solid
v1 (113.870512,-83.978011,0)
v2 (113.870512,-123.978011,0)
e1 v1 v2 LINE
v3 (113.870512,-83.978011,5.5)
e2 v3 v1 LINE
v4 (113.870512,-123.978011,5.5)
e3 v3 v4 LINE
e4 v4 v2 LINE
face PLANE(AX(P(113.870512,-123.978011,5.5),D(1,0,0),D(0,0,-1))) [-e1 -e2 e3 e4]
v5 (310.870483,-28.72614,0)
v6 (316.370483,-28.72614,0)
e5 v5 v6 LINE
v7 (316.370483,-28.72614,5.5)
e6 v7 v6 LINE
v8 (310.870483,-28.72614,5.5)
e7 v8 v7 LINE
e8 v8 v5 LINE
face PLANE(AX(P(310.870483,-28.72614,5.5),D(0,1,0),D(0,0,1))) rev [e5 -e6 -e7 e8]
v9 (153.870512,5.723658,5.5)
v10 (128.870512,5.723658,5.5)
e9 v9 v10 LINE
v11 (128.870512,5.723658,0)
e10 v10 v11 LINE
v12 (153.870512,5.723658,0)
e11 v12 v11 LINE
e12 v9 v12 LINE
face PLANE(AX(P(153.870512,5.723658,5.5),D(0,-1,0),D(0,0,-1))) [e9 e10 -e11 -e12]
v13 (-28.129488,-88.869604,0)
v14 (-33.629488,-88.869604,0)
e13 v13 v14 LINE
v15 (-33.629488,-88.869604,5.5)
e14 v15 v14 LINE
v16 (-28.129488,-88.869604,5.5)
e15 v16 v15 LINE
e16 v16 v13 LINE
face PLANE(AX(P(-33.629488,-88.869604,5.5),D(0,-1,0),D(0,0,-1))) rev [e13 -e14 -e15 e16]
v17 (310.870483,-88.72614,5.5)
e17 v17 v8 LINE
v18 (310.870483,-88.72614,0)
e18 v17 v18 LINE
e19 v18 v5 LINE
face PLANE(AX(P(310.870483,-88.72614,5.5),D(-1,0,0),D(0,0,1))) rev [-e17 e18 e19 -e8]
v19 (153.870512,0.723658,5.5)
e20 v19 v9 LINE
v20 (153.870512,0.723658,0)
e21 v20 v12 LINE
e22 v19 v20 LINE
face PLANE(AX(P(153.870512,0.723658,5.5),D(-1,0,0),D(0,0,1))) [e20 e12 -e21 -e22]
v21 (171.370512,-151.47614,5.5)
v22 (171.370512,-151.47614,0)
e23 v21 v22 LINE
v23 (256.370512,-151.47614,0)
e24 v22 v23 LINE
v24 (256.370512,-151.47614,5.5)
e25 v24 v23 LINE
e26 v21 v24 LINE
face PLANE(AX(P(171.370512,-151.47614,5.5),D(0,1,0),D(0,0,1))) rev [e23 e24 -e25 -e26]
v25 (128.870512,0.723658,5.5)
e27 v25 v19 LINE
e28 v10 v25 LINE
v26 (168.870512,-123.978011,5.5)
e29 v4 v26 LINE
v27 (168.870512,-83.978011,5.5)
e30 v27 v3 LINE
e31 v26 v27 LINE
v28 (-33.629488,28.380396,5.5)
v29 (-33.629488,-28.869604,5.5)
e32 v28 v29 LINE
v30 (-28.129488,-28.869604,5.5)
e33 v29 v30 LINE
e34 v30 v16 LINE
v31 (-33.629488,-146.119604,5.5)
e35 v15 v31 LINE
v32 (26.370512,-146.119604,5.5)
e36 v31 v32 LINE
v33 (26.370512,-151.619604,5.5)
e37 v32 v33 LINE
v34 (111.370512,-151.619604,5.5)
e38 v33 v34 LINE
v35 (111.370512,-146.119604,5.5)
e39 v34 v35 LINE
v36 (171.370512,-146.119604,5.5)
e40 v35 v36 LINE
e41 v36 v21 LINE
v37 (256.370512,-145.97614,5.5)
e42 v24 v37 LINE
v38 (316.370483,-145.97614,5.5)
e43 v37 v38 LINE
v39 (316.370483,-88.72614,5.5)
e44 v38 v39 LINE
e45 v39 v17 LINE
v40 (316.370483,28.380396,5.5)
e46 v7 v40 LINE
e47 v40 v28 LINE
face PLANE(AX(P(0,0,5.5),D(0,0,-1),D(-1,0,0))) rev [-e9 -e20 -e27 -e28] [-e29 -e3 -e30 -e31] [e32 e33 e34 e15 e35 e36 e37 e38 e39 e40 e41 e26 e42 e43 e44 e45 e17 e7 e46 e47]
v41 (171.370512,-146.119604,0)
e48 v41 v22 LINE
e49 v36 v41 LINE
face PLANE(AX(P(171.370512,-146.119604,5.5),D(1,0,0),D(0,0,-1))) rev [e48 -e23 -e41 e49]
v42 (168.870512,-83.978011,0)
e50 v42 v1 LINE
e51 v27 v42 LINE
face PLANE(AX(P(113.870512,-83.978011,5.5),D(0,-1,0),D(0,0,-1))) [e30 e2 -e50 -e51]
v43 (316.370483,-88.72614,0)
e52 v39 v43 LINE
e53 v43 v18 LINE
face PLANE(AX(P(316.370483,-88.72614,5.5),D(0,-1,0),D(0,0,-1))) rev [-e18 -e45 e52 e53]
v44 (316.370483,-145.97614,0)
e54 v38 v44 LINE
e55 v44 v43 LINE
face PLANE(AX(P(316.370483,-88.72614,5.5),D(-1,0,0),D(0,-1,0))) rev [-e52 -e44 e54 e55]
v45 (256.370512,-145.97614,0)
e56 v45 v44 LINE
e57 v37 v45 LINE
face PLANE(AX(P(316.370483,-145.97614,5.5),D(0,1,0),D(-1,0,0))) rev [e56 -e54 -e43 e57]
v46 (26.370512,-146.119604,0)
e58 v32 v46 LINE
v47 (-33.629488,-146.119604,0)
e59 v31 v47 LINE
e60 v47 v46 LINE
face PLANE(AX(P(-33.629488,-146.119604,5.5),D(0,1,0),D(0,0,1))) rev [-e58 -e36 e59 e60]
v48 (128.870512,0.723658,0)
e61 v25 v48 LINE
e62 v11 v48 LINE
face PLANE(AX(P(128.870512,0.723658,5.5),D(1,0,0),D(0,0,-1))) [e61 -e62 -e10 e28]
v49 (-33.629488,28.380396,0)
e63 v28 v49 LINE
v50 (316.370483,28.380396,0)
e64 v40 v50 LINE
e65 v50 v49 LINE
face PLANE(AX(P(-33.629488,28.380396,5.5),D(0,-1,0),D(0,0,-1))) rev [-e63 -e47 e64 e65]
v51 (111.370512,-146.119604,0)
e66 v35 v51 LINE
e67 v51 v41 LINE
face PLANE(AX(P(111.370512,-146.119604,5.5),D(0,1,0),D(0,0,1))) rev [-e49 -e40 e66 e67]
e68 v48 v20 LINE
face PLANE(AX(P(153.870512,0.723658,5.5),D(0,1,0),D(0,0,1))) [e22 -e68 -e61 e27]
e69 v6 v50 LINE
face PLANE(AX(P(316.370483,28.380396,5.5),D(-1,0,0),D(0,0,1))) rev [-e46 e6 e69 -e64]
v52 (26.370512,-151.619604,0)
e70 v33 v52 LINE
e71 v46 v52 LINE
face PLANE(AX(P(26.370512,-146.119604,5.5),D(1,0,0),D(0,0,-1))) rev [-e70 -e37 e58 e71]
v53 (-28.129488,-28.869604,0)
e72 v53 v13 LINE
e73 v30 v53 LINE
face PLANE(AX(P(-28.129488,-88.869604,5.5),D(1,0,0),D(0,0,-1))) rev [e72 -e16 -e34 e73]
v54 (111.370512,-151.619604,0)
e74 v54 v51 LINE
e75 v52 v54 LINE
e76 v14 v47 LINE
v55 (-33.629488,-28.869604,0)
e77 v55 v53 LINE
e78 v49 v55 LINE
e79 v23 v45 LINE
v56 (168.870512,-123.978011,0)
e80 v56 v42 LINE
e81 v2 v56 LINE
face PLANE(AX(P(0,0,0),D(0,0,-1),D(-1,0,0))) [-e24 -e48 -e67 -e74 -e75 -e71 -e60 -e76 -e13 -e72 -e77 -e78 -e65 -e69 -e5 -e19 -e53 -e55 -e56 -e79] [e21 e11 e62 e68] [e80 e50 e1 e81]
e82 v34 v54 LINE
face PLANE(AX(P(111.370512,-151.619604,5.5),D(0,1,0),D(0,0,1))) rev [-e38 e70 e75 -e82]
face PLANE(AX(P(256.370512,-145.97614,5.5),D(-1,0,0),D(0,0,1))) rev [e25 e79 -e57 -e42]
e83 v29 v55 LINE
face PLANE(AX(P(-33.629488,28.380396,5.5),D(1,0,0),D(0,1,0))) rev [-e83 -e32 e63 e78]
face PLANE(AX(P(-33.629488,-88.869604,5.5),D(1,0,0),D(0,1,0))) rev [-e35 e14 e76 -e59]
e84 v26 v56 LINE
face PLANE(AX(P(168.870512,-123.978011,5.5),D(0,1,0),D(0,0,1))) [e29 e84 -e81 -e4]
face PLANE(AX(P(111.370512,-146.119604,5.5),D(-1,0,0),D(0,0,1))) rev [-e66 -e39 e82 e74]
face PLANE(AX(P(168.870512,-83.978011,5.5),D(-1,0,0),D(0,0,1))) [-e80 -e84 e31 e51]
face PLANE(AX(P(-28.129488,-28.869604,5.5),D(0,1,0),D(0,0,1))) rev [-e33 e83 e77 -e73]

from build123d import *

# Parameters (mm, degrees)
CROQUIS2_W              = 55
CROQUIS2_H              = 40
CROQUIS2_W_2            = 25
CROQUIS2_H_2            = 5
SALIENTE_EXTRUIR3_DEPTH = 5.5


with BuildPart() as part:
    # Croquis2 → Saliente-Extruir3 (new body)
    with BuildSketch(Plane.XY):
        Polygon((-33.629487614, 28.380396003), (316.370482983, 28.380396003), (316.370482983, -28.726140479), (310.870482983, -28.726140479), (310.870482983, -88.726140479), (316.370482983, -88.726140479), (316.370482983, -145.976140479), (256.370512386, -145.976140479), (256.370512386, -151.476140479), (171.370512386, -151.476140479), (171.370512386, -146.119603997), (111.370512386, -146.119603997), (111.370512386, -151.619603997), (26.370512386, -151.619603997), (26.370512386, -146.119603997), (-33.629487614, -146.119603997), (-33.629487614, -88.869603997), (-28.129487614, -88.869603997), (-28.129487614, -28.869603997), (-33.629487614, -28.869603997), align=None)
        with Locations((141.370512386, -103.978010814)):
            Rectangle(CROQUIS2_W, CROQUIS2_H, mode=Mode.SUBTRACT)
        with Locations((141.370512386, 3.223658367)):
            Rectangle(CROQUIS2_W_2, CROQUIS2_H_2, mode=Mode.SUBTRACT)
    extrude(amount=SALIENTE_EXTRUIR3_DEPTH)


solid = part.part
